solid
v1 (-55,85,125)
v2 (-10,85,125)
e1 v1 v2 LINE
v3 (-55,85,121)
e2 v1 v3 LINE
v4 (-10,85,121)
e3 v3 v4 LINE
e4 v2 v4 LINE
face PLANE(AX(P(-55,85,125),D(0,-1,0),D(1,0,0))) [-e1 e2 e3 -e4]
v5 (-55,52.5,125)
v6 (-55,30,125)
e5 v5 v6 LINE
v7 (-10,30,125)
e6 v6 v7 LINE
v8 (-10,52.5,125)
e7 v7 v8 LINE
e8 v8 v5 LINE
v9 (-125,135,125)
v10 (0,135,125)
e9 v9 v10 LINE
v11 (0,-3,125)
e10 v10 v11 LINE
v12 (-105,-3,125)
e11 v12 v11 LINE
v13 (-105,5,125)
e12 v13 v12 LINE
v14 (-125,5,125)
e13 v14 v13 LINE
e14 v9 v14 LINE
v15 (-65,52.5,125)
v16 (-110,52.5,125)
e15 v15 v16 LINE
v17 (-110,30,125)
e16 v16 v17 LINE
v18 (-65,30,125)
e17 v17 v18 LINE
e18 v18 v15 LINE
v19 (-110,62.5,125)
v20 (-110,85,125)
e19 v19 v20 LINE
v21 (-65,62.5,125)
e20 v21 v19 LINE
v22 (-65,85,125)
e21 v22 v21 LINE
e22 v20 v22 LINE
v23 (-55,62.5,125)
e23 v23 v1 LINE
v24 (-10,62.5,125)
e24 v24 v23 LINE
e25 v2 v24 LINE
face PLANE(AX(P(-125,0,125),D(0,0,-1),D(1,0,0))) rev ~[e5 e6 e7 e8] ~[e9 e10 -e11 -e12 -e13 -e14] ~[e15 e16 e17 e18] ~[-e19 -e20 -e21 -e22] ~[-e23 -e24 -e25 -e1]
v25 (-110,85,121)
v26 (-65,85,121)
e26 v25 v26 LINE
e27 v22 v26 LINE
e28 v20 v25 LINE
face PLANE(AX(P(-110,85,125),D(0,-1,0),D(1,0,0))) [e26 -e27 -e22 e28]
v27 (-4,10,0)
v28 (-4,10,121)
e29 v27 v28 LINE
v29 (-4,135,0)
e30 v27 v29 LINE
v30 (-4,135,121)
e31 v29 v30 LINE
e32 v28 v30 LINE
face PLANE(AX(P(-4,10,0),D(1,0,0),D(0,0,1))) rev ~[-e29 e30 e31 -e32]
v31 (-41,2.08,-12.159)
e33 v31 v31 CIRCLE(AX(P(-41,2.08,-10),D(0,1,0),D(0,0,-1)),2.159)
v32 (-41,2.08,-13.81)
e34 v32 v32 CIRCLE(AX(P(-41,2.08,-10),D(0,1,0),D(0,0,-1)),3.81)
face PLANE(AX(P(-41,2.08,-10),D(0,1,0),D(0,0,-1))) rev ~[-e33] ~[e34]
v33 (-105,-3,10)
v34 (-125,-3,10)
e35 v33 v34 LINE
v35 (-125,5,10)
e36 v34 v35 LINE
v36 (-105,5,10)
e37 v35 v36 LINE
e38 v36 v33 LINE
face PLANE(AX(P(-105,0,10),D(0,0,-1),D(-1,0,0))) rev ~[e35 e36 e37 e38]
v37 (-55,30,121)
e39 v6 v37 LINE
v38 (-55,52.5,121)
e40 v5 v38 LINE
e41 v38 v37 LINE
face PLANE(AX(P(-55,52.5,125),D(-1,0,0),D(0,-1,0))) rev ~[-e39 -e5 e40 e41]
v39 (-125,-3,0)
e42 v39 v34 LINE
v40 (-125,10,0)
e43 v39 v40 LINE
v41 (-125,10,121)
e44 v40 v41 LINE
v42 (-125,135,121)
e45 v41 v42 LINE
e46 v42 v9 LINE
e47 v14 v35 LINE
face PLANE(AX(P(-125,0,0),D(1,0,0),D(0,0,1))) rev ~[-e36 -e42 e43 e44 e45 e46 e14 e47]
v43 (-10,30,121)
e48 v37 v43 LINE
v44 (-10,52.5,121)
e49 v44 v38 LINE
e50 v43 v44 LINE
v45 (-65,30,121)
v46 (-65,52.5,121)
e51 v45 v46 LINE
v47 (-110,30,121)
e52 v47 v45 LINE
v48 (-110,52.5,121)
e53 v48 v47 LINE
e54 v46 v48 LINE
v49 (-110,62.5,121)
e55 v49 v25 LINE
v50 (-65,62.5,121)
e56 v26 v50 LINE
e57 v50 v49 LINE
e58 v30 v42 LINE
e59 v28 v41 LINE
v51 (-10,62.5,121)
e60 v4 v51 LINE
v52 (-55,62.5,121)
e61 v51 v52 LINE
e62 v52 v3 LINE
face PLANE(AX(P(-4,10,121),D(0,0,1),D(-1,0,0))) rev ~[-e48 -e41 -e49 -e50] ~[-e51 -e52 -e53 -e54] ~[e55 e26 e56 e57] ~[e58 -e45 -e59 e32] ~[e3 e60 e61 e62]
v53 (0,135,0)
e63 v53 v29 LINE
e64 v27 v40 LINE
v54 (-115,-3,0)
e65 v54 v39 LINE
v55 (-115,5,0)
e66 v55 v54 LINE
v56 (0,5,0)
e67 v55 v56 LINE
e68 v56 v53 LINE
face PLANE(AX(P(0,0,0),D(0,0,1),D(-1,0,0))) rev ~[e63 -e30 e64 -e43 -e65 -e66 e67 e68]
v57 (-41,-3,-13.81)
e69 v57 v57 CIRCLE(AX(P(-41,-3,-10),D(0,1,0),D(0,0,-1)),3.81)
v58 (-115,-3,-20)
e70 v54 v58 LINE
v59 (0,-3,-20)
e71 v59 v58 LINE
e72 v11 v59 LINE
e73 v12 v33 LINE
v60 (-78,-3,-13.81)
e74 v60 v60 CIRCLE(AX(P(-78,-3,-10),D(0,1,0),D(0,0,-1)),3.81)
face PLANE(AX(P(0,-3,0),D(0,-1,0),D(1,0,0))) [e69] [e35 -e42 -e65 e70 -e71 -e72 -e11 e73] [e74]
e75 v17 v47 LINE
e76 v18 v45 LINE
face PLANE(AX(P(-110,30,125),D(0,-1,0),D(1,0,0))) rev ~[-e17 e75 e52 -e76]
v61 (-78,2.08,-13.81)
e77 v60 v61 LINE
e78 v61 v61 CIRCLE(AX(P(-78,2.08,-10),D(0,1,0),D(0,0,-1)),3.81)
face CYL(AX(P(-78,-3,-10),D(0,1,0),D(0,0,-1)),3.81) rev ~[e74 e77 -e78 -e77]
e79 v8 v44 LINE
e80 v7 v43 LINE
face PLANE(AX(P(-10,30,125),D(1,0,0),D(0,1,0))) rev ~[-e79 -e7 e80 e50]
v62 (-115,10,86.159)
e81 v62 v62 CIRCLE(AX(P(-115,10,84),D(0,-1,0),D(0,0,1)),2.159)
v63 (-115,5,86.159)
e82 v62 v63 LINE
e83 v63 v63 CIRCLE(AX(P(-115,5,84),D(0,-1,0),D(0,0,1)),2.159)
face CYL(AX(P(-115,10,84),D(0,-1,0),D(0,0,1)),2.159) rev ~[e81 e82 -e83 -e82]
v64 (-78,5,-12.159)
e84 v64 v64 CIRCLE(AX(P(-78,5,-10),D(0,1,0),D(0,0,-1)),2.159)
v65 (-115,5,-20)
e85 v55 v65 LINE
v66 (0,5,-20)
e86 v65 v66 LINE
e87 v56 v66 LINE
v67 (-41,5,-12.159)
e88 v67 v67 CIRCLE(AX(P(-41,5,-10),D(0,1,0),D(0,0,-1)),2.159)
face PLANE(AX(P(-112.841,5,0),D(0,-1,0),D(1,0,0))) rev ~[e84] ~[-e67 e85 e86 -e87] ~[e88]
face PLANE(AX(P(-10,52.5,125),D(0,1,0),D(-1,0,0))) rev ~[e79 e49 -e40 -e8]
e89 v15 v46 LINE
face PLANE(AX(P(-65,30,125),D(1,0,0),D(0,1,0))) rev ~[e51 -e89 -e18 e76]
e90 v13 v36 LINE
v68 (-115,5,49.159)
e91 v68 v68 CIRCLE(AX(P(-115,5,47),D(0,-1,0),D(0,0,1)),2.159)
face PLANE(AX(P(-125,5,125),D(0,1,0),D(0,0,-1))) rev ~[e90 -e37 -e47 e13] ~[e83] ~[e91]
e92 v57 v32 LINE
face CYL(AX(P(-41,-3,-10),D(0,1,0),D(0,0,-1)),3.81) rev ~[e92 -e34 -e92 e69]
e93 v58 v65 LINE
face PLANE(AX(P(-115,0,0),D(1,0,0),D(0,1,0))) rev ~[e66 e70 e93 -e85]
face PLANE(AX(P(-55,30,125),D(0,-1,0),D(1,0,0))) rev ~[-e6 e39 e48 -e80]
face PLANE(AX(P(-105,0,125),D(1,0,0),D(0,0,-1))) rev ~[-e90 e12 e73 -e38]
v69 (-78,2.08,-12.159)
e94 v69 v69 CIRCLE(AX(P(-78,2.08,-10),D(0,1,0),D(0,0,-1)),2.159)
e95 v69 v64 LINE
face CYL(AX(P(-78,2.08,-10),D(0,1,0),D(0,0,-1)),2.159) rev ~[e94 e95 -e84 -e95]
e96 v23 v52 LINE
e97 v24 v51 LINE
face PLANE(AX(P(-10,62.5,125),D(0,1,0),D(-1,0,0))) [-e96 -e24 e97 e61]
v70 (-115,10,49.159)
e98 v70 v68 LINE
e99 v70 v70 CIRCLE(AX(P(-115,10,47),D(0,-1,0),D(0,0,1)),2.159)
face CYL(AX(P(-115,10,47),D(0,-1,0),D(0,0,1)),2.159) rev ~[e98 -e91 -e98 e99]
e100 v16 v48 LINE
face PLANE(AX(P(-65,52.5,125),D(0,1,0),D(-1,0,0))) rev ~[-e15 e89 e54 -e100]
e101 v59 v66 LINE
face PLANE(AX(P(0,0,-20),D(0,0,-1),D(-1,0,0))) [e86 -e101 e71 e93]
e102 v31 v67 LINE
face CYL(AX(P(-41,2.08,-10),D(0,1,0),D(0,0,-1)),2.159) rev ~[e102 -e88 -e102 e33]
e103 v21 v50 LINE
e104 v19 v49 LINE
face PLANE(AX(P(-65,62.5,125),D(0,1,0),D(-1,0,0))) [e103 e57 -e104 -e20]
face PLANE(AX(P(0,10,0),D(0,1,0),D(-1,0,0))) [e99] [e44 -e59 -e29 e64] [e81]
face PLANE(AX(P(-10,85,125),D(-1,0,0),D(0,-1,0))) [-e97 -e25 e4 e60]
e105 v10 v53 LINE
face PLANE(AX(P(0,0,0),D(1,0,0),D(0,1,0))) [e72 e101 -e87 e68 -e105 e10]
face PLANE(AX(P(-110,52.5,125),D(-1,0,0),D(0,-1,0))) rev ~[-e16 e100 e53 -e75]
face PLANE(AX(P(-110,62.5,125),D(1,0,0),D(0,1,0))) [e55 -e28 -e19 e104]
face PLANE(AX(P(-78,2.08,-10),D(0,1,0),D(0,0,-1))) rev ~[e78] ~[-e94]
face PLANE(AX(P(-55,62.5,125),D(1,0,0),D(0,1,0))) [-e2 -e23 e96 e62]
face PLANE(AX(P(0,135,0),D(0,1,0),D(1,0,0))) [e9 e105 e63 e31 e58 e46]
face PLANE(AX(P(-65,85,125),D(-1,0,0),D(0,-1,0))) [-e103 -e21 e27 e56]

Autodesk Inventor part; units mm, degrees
ref_plane "YZ Plane" through (0, 0, 0) normal (1, 0, 0) x (0, 1, 0)
ref_plane "XZ Plane" through (0, 0, 0) normal (0, 1, 0) x (-1, 0, 0)
ref_plane "XY Plane" through (0, 0, 0) normal (0, 0, 1) x (1, 0, 0)
sketch "Sketch3" plane through (0, 0, 0) normal (0, 1, 0) x (-1, 0, 0)
  line L0 (0, 0) -> (125, 0)
  line L1 (125, 0) -> (125, 125)
  line L2 (125, 125) -> (0, 125)
  line L3 (0, 125) -> (0, 0)
  dimension "d10" = 125
  dimension "d11" = 125
extrude "Extrusion3" add sketch "Sketch3" along normal blind 10
sketch "Sketch8" plane through (0, 10, 0) normal (0, 1, 0) x (1, 0, 0)
  line L0 (0, 0) -> (-125, 0) projected
  line L1 (0, 0) -> (-4, 0)
  line L2 (-4, 0) -> (-4, -121)
  line L3 (-125, -125) -> (0, -125) projected
  line L4 (-4, -121) -> (-125, -121)
  line L5 (-125, 0) -> (-125, -125) projected
  line L6 (0, 0) -> (-125, 0) projected
  line L7 (-125, 0) -> (-125, -125) projected
  line L8 (-125, -125) -> (0, -125) projected
  line L9 (0, -125) -> (0, 0) projected
  dimension "d38" = 4
  dimension "d39" = 121
  dimension "d40" = 90
extrude "Extrusion8" add sketch "Sketch8" along normal blind 125 contours L9 L3 L5 L4 L2 L0
sketch "Sketch9" plane through (-125, 0, 125) normal (0, 0, 1) x (1, 0, 0)
  line L0 (0, 0) -> (0, 10) projected
  line L1 (0, 10) -> (0, 30)
  line L2 (0, 0) -> (0, 135) projected
  line L3 (0, 30) -> (15, 30)
  line L4 (15, 30) -> (60, 30)
  line L5 (60, 30) -> (60, 52.5)
  line L6 (60, 52.5) -> (15, 52.5)
  line L7 (15, 52.5) -> (15, 30)
  line L8 (15, 52.5) -> (15, 62.5)
  line L9 (15, 62.5) -> (15, 85)
  line L10 (15, 85) -> (60, 85)
  line L11 (60, 85) -> (60, 62.5)
  line L12 (60, 62.5) -> (15, 62.5)
  line L13 (60, 62.5) -> (70, 62.5)
  line L14 (70, 62.5) -> (70, 85)
  line L15 (70, 85) -> (115, 85)
  line L16 (115, 85) -> (115, 62.5)
  line L17 (115, 62.5) -> (70, 62.5)
  line L18 (70, 52.5) -> (70, 62.5)
  line L19 (70, 52.5) -> (70, 30)
  line L20 (70, 30) -> (115, 30)
  line L21 (115, 30) -> (115, 52.5)
  line L22 (115, 52.5) -> (70, 52.5)
  point P0 (125, 0)
  dimension "d43" = 20
  dimension "d44" = 15
  dimension "d45" = 90
  dimension "d46" = 45
  dimension "d47" = 22.5
  dimension "d48" = 10
  dimension "d49" = 22.5
  dimension "d50" = 45
  dimension "d51" = 10
  dimension "d52" = 45
  dimension "d53" = 10
  dimension "d54" = 22.5
  dimension "d55" = 45
extrude "Extrusion9" cut sketch "Sketch9" against normal blind 10
sketch "Sketch10" plane through (-125, 0, 0) normal (-1, 0, 0) x (0, 0, 1)
  line L0 (0, 0) -> (125, 0)
  line L1 (125, 0) -> (125, 5)
  line L2 (0, 5) -> (0, 0)
  line L3 (125, 0) -> (125, 135) projected
  line L4 (125, 5) -> (10, 5)
  line L5 (10, 5) -> (10, 0)
  line L6 (0, 0) -> (125, 0) projected
  dimension "d59" = 5
  dimension "d62" = 125
  dimension "d63" = 115
extrude "Extrusion12" cut sketch "Sketch10" against normal blind 20
sketch "Sketch13" plane through (0, 10, 0) normal (0, 1, 0) x (1, 0, 0)
  line L0 (-125, -10) -> (-105, -10) projected
  line L1 (-125, -10) -> (-125, -47)
  line L2 (-4, -121) -> (-125, -121) projected
  line L3 (-125, -47) -> (-115, -47)
  line L4 (-115, -47) -> (-115, -84)
  point P0 (0, 0)
  dimension "d79" = 37
  dimension "d80" = 10
  dimension "d81" = 37
hole "Hole2" at (-115, 10, 84) at (-115, 10, 47) direction (0, -1, 0) diameter 4.318 end through all
sketch "Sketch14" plane through (0, 0, 0) normal (0, 0, -1) x (-1, 0, 0)
  line L0 (105, 0) -> (0, 0) projected
  line L1 (0, 0) -> (115, 0)
  line L2 (115, 0) -> (115, 5)
  line L3 (117.159, 5) -> (112.841, 5) projected
  line L4 (115, 5) -> (0, 5)
  line L5 (0, 0) -> (0, 135) projected
  line L6 (0, 0) -> (0, 5)
  dimension "d96" = 115
  dimension "d97" = 5
extrude "Extrusion14" add sketch "Sketch14" along normal blind 20
sketch "Sketch15" plane through (0, 10, 0) normal (0, 1, 0) x (1, 0, 0)
  line L0 (-115, 0) -> (-125, 0) projected
  line L1 (-115, 0) -> (-78, 0)
  line L2 (0, 0) -> (-115, 0) projected
  line L3 (-78, 0) -> (-78, 10)
  line L4 (-78, 10) -> (-41, 10)
  dimension "d100" = 37
  dimension "d101" = 10
  dimension "d102" = 37
hole "Hole3" at (-41, 10, -10) at (-78, 10, -10) direction (0, -1, 0) diameter 3.5 end through all
sketch "Sketch16" plane through (0, 0, 0) normal (0, -1, 0) x (1, 0, 0)
  line L0 (0, 0) -> (-115, 0) projected
  circle A0 centre (-41, -10) radius 1.75 projected
  circle A1 centre (-78, -10) radius 1.75 projected
  line L1 (-105, 10) -> (-125, 10) projected
  line L2 (-125, 0) -> (-125, 10) projected
  line L3 (-115, 0) -> (-125, 0) projected
  line L4 (-115, 0) -> (-115, -20) projected
  line L5 (0, -20) -> (-115, -20) projected
  line L6 (0, 125) -> (0, -20) projected
  line L7 (-105, 125) -> (0, 125) projected
  line L8 (-105, 125) -> (-105, 10) projected
extrude "Extrusion15" add sketch "Sketch16" along normal blind 3
sketch "Sketch17" plane through (0, -3, 0) normal (0, -1, 0) x (1, 0, 0)
  circle A0 centre (-41, -10) radius 1.75 projected
  circle A1 centre (-78, -10) radius 1.75 projected
  point P0 (0, 0)
hole "Hole4" at (-78, -3, -10) at (-41, -3, -10) direction (0, 1, 0) diameter 4.318 end through all counterbore diameter 7.62 counterbore depth 5.08
properties part number "QUarter1"
